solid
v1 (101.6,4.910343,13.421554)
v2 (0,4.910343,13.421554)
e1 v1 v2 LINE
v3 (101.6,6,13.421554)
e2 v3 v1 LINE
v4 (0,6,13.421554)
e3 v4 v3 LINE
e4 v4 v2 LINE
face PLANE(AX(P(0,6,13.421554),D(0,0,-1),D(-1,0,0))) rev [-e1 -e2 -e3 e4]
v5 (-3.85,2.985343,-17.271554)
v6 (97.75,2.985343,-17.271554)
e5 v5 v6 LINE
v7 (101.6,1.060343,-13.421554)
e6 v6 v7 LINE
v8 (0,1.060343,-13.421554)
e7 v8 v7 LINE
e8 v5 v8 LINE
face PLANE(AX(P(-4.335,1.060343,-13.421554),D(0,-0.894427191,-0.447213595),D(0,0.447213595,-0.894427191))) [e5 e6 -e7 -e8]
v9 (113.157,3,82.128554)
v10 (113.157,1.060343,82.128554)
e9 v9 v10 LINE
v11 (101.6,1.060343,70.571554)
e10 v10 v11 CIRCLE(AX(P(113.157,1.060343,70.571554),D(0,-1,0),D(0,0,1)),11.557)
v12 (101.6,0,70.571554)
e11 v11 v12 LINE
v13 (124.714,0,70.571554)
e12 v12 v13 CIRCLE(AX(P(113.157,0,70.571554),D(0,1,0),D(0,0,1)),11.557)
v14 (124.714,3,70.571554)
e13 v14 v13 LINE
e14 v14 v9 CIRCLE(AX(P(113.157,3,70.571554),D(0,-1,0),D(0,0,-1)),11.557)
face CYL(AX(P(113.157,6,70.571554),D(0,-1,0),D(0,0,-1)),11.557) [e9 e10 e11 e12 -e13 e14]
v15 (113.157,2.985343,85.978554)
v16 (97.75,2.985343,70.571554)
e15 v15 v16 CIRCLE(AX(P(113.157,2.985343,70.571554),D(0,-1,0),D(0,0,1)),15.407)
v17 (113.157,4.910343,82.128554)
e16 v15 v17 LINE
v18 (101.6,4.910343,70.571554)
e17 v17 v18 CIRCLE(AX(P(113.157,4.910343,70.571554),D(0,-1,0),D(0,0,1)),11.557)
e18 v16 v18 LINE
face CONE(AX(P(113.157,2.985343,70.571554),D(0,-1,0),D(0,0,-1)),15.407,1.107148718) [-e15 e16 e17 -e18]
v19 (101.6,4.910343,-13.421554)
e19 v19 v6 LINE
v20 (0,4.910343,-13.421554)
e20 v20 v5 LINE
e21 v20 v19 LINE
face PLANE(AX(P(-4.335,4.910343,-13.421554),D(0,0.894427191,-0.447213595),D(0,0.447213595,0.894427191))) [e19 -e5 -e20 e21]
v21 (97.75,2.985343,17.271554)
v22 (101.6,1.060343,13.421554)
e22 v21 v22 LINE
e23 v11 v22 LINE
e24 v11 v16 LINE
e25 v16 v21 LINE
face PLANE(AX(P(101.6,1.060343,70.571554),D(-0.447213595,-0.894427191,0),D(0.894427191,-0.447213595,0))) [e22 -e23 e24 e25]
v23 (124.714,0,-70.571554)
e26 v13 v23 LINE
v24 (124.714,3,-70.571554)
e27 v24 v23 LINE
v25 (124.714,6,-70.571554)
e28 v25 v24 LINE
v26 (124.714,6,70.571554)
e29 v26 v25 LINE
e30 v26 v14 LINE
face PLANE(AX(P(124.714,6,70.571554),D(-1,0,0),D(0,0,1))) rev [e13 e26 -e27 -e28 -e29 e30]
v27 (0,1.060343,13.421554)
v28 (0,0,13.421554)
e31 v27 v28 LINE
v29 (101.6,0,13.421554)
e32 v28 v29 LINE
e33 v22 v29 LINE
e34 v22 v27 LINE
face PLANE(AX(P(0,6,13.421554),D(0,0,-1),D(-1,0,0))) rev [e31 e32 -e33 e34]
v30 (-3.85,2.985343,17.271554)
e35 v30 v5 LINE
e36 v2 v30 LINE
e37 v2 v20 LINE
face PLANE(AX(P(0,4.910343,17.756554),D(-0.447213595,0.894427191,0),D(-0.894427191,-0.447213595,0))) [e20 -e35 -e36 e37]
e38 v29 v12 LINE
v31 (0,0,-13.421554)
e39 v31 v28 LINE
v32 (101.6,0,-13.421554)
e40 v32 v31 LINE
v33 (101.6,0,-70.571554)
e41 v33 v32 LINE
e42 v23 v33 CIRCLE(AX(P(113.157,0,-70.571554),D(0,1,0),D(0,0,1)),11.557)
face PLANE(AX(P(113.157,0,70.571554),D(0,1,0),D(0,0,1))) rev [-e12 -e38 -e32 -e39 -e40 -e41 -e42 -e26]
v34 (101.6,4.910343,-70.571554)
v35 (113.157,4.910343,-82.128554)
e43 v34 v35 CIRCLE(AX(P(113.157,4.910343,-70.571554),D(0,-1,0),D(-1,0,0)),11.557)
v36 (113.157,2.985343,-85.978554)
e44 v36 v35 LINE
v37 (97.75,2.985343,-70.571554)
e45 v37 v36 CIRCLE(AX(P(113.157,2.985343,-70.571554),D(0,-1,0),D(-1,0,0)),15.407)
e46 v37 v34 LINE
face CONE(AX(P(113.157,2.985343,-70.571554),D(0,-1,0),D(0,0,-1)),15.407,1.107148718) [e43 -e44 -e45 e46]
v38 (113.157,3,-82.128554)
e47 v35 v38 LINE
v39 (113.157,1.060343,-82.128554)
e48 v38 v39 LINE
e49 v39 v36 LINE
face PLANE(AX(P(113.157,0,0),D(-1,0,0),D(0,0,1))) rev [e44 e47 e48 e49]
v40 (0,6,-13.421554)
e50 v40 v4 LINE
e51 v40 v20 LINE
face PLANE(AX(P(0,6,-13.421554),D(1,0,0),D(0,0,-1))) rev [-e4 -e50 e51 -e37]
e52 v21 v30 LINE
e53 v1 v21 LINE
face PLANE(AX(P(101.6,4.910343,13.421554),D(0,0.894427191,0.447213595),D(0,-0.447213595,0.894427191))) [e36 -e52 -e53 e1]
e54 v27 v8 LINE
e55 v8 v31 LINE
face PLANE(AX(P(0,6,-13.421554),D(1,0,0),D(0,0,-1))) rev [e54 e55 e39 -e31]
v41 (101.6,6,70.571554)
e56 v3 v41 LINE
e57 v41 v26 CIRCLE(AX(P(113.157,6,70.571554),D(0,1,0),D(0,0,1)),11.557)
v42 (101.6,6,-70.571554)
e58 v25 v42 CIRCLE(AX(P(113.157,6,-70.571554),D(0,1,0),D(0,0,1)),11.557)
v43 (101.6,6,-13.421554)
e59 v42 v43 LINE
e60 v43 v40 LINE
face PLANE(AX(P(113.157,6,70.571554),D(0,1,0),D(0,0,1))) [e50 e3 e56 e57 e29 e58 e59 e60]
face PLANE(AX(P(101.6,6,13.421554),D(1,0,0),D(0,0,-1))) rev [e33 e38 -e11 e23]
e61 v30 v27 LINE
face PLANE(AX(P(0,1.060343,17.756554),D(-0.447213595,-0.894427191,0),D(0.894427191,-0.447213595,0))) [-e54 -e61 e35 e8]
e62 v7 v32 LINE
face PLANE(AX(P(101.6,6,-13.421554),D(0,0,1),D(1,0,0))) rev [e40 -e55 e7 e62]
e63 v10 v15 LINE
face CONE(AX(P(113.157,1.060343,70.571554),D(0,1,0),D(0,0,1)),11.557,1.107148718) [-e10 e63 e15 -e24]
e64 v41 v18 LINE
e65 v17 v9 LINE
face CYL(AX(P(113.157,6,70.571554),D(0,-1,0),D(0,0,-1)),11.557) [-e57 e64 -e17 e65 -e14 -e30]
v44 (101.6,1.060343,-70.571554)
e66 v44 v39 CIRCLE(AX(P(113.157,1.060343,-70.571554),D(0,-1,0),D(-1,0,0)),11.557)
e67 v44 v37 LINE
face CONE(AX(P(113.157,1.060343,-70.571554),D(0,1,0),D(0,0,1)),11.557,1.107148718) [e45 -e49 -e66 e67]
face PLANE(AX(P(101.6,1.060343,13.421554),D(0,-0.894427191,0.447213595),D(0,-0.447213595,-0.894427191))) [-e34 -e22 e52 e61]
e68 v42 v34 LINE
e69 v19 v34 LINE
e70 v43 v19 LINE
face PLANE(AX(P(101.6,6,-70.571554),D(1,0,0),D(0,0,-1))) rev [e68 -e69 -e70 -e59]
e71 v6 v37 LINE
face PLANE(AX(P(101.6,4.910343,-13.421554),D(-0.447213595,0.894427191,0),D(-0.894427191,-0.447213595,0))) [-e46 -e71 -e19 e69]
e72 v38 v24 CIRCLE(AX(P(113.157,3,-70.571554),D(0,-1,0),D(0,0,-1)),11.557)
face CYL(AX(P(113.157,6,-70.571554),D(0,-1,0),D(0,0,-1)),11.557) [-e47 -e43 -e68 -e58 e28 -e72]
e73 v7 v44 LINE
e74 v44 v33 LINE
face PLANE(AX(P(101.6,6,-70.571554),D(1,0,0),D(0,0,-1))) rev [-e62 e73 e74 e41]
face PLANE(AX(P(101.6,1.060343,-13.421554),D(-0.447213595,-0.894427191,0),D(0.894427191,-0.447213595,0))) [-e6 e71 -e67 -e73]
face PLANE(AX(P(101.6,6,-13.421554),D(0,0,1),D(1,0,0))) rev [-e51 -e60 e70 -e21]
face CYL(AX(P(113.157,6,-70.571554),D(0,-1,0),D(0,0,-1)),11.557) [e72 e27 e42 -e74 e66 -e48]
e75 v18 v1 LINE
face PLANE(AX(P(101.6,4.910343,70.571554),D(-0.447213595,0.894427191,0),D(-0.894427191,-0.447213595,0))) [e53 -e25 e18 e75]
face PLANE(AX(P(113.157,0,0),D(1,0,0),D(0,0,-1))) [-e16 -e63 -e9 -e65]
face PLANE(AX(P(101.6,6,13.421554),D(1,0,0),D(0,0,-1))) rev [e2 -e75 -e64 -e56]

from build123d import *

# Parameters (mm, degrees)
BOSS_EXTRUDE1_DEPTH = 6


with BuildPart() as part:
    # Sketch1 → Boss-Extrude1 (new body)
    with BuildSketch(Plane(origin=(0, 0, 0), x_dir=(1, 0, 0), z_dir=(0, 1, 0))):
        with BuildLine():
            Line((0, -13.421553628), (101.6, -13.421553628))
            Line((101.6, -13.421553628), (101.6, -70.571553628))
            ThreePointArc((101.6, -70.571553628), (113.157, -82.128553628), (124.714, -70.571553628))
            Line((124.714, -70.571553628), (124.714, 70.571553628))
            ThreePointArc((124.714, 70.571553628), (113.157, 82.128553628), (101.6, 70.571553628))
            Line((101.6, 70.571553628), (101.6, 13.421553628))
            Line((101.6, 13.421553628), (0, 13.421553628))
            Line((0, 13.421553628), (0, -13.421553628))
        make_face()
    extrude(amount=BOSS_EXTRUDE1_DEPTH)

    # Sweep1: sweep along a curve in space
    with BuildLine() as sweep1_path:
        ThreePointArc((113.157, 3, 82.128553628), (104.98496693, 3, 78.743586698), (101.6, 3, 70.571553628))
        Line((101.6, 3, 70.571553628), (101.6, 3, 13.421553628))
        Line((101.6, 3, 13.421553628), (0, 3, 13.421553628))
        Line((0, 3, 13.421553628), (0, 3, -13.421553628))
        Line((0, 3, -13.421553628), (101.6, 3, -13.421553628))
        Line((101.6, 3, -13.421553628), (101.6, 3, -70.571553628))
        ThreePointArc((101.6, 3, -70.571553628), (104.98496693, 3, -78.743586698), (113.157, 3, -82.128553628))
    # Sketch4 → Sweep1 (sweep)
    with BuildSketch(Plane(origin=(113.157, 0, 0), x_dir=(0, 0, -1), z_dir=(1, 0, 0))):
        Polygon((82.128553628, 4.910343042), (82.128553628, 1.060343042), (85.978553628, 2.985343042), align=None)
    sweep(path=sweep1_path.line, transition=Transition.RIGHT)


solid = part.part
